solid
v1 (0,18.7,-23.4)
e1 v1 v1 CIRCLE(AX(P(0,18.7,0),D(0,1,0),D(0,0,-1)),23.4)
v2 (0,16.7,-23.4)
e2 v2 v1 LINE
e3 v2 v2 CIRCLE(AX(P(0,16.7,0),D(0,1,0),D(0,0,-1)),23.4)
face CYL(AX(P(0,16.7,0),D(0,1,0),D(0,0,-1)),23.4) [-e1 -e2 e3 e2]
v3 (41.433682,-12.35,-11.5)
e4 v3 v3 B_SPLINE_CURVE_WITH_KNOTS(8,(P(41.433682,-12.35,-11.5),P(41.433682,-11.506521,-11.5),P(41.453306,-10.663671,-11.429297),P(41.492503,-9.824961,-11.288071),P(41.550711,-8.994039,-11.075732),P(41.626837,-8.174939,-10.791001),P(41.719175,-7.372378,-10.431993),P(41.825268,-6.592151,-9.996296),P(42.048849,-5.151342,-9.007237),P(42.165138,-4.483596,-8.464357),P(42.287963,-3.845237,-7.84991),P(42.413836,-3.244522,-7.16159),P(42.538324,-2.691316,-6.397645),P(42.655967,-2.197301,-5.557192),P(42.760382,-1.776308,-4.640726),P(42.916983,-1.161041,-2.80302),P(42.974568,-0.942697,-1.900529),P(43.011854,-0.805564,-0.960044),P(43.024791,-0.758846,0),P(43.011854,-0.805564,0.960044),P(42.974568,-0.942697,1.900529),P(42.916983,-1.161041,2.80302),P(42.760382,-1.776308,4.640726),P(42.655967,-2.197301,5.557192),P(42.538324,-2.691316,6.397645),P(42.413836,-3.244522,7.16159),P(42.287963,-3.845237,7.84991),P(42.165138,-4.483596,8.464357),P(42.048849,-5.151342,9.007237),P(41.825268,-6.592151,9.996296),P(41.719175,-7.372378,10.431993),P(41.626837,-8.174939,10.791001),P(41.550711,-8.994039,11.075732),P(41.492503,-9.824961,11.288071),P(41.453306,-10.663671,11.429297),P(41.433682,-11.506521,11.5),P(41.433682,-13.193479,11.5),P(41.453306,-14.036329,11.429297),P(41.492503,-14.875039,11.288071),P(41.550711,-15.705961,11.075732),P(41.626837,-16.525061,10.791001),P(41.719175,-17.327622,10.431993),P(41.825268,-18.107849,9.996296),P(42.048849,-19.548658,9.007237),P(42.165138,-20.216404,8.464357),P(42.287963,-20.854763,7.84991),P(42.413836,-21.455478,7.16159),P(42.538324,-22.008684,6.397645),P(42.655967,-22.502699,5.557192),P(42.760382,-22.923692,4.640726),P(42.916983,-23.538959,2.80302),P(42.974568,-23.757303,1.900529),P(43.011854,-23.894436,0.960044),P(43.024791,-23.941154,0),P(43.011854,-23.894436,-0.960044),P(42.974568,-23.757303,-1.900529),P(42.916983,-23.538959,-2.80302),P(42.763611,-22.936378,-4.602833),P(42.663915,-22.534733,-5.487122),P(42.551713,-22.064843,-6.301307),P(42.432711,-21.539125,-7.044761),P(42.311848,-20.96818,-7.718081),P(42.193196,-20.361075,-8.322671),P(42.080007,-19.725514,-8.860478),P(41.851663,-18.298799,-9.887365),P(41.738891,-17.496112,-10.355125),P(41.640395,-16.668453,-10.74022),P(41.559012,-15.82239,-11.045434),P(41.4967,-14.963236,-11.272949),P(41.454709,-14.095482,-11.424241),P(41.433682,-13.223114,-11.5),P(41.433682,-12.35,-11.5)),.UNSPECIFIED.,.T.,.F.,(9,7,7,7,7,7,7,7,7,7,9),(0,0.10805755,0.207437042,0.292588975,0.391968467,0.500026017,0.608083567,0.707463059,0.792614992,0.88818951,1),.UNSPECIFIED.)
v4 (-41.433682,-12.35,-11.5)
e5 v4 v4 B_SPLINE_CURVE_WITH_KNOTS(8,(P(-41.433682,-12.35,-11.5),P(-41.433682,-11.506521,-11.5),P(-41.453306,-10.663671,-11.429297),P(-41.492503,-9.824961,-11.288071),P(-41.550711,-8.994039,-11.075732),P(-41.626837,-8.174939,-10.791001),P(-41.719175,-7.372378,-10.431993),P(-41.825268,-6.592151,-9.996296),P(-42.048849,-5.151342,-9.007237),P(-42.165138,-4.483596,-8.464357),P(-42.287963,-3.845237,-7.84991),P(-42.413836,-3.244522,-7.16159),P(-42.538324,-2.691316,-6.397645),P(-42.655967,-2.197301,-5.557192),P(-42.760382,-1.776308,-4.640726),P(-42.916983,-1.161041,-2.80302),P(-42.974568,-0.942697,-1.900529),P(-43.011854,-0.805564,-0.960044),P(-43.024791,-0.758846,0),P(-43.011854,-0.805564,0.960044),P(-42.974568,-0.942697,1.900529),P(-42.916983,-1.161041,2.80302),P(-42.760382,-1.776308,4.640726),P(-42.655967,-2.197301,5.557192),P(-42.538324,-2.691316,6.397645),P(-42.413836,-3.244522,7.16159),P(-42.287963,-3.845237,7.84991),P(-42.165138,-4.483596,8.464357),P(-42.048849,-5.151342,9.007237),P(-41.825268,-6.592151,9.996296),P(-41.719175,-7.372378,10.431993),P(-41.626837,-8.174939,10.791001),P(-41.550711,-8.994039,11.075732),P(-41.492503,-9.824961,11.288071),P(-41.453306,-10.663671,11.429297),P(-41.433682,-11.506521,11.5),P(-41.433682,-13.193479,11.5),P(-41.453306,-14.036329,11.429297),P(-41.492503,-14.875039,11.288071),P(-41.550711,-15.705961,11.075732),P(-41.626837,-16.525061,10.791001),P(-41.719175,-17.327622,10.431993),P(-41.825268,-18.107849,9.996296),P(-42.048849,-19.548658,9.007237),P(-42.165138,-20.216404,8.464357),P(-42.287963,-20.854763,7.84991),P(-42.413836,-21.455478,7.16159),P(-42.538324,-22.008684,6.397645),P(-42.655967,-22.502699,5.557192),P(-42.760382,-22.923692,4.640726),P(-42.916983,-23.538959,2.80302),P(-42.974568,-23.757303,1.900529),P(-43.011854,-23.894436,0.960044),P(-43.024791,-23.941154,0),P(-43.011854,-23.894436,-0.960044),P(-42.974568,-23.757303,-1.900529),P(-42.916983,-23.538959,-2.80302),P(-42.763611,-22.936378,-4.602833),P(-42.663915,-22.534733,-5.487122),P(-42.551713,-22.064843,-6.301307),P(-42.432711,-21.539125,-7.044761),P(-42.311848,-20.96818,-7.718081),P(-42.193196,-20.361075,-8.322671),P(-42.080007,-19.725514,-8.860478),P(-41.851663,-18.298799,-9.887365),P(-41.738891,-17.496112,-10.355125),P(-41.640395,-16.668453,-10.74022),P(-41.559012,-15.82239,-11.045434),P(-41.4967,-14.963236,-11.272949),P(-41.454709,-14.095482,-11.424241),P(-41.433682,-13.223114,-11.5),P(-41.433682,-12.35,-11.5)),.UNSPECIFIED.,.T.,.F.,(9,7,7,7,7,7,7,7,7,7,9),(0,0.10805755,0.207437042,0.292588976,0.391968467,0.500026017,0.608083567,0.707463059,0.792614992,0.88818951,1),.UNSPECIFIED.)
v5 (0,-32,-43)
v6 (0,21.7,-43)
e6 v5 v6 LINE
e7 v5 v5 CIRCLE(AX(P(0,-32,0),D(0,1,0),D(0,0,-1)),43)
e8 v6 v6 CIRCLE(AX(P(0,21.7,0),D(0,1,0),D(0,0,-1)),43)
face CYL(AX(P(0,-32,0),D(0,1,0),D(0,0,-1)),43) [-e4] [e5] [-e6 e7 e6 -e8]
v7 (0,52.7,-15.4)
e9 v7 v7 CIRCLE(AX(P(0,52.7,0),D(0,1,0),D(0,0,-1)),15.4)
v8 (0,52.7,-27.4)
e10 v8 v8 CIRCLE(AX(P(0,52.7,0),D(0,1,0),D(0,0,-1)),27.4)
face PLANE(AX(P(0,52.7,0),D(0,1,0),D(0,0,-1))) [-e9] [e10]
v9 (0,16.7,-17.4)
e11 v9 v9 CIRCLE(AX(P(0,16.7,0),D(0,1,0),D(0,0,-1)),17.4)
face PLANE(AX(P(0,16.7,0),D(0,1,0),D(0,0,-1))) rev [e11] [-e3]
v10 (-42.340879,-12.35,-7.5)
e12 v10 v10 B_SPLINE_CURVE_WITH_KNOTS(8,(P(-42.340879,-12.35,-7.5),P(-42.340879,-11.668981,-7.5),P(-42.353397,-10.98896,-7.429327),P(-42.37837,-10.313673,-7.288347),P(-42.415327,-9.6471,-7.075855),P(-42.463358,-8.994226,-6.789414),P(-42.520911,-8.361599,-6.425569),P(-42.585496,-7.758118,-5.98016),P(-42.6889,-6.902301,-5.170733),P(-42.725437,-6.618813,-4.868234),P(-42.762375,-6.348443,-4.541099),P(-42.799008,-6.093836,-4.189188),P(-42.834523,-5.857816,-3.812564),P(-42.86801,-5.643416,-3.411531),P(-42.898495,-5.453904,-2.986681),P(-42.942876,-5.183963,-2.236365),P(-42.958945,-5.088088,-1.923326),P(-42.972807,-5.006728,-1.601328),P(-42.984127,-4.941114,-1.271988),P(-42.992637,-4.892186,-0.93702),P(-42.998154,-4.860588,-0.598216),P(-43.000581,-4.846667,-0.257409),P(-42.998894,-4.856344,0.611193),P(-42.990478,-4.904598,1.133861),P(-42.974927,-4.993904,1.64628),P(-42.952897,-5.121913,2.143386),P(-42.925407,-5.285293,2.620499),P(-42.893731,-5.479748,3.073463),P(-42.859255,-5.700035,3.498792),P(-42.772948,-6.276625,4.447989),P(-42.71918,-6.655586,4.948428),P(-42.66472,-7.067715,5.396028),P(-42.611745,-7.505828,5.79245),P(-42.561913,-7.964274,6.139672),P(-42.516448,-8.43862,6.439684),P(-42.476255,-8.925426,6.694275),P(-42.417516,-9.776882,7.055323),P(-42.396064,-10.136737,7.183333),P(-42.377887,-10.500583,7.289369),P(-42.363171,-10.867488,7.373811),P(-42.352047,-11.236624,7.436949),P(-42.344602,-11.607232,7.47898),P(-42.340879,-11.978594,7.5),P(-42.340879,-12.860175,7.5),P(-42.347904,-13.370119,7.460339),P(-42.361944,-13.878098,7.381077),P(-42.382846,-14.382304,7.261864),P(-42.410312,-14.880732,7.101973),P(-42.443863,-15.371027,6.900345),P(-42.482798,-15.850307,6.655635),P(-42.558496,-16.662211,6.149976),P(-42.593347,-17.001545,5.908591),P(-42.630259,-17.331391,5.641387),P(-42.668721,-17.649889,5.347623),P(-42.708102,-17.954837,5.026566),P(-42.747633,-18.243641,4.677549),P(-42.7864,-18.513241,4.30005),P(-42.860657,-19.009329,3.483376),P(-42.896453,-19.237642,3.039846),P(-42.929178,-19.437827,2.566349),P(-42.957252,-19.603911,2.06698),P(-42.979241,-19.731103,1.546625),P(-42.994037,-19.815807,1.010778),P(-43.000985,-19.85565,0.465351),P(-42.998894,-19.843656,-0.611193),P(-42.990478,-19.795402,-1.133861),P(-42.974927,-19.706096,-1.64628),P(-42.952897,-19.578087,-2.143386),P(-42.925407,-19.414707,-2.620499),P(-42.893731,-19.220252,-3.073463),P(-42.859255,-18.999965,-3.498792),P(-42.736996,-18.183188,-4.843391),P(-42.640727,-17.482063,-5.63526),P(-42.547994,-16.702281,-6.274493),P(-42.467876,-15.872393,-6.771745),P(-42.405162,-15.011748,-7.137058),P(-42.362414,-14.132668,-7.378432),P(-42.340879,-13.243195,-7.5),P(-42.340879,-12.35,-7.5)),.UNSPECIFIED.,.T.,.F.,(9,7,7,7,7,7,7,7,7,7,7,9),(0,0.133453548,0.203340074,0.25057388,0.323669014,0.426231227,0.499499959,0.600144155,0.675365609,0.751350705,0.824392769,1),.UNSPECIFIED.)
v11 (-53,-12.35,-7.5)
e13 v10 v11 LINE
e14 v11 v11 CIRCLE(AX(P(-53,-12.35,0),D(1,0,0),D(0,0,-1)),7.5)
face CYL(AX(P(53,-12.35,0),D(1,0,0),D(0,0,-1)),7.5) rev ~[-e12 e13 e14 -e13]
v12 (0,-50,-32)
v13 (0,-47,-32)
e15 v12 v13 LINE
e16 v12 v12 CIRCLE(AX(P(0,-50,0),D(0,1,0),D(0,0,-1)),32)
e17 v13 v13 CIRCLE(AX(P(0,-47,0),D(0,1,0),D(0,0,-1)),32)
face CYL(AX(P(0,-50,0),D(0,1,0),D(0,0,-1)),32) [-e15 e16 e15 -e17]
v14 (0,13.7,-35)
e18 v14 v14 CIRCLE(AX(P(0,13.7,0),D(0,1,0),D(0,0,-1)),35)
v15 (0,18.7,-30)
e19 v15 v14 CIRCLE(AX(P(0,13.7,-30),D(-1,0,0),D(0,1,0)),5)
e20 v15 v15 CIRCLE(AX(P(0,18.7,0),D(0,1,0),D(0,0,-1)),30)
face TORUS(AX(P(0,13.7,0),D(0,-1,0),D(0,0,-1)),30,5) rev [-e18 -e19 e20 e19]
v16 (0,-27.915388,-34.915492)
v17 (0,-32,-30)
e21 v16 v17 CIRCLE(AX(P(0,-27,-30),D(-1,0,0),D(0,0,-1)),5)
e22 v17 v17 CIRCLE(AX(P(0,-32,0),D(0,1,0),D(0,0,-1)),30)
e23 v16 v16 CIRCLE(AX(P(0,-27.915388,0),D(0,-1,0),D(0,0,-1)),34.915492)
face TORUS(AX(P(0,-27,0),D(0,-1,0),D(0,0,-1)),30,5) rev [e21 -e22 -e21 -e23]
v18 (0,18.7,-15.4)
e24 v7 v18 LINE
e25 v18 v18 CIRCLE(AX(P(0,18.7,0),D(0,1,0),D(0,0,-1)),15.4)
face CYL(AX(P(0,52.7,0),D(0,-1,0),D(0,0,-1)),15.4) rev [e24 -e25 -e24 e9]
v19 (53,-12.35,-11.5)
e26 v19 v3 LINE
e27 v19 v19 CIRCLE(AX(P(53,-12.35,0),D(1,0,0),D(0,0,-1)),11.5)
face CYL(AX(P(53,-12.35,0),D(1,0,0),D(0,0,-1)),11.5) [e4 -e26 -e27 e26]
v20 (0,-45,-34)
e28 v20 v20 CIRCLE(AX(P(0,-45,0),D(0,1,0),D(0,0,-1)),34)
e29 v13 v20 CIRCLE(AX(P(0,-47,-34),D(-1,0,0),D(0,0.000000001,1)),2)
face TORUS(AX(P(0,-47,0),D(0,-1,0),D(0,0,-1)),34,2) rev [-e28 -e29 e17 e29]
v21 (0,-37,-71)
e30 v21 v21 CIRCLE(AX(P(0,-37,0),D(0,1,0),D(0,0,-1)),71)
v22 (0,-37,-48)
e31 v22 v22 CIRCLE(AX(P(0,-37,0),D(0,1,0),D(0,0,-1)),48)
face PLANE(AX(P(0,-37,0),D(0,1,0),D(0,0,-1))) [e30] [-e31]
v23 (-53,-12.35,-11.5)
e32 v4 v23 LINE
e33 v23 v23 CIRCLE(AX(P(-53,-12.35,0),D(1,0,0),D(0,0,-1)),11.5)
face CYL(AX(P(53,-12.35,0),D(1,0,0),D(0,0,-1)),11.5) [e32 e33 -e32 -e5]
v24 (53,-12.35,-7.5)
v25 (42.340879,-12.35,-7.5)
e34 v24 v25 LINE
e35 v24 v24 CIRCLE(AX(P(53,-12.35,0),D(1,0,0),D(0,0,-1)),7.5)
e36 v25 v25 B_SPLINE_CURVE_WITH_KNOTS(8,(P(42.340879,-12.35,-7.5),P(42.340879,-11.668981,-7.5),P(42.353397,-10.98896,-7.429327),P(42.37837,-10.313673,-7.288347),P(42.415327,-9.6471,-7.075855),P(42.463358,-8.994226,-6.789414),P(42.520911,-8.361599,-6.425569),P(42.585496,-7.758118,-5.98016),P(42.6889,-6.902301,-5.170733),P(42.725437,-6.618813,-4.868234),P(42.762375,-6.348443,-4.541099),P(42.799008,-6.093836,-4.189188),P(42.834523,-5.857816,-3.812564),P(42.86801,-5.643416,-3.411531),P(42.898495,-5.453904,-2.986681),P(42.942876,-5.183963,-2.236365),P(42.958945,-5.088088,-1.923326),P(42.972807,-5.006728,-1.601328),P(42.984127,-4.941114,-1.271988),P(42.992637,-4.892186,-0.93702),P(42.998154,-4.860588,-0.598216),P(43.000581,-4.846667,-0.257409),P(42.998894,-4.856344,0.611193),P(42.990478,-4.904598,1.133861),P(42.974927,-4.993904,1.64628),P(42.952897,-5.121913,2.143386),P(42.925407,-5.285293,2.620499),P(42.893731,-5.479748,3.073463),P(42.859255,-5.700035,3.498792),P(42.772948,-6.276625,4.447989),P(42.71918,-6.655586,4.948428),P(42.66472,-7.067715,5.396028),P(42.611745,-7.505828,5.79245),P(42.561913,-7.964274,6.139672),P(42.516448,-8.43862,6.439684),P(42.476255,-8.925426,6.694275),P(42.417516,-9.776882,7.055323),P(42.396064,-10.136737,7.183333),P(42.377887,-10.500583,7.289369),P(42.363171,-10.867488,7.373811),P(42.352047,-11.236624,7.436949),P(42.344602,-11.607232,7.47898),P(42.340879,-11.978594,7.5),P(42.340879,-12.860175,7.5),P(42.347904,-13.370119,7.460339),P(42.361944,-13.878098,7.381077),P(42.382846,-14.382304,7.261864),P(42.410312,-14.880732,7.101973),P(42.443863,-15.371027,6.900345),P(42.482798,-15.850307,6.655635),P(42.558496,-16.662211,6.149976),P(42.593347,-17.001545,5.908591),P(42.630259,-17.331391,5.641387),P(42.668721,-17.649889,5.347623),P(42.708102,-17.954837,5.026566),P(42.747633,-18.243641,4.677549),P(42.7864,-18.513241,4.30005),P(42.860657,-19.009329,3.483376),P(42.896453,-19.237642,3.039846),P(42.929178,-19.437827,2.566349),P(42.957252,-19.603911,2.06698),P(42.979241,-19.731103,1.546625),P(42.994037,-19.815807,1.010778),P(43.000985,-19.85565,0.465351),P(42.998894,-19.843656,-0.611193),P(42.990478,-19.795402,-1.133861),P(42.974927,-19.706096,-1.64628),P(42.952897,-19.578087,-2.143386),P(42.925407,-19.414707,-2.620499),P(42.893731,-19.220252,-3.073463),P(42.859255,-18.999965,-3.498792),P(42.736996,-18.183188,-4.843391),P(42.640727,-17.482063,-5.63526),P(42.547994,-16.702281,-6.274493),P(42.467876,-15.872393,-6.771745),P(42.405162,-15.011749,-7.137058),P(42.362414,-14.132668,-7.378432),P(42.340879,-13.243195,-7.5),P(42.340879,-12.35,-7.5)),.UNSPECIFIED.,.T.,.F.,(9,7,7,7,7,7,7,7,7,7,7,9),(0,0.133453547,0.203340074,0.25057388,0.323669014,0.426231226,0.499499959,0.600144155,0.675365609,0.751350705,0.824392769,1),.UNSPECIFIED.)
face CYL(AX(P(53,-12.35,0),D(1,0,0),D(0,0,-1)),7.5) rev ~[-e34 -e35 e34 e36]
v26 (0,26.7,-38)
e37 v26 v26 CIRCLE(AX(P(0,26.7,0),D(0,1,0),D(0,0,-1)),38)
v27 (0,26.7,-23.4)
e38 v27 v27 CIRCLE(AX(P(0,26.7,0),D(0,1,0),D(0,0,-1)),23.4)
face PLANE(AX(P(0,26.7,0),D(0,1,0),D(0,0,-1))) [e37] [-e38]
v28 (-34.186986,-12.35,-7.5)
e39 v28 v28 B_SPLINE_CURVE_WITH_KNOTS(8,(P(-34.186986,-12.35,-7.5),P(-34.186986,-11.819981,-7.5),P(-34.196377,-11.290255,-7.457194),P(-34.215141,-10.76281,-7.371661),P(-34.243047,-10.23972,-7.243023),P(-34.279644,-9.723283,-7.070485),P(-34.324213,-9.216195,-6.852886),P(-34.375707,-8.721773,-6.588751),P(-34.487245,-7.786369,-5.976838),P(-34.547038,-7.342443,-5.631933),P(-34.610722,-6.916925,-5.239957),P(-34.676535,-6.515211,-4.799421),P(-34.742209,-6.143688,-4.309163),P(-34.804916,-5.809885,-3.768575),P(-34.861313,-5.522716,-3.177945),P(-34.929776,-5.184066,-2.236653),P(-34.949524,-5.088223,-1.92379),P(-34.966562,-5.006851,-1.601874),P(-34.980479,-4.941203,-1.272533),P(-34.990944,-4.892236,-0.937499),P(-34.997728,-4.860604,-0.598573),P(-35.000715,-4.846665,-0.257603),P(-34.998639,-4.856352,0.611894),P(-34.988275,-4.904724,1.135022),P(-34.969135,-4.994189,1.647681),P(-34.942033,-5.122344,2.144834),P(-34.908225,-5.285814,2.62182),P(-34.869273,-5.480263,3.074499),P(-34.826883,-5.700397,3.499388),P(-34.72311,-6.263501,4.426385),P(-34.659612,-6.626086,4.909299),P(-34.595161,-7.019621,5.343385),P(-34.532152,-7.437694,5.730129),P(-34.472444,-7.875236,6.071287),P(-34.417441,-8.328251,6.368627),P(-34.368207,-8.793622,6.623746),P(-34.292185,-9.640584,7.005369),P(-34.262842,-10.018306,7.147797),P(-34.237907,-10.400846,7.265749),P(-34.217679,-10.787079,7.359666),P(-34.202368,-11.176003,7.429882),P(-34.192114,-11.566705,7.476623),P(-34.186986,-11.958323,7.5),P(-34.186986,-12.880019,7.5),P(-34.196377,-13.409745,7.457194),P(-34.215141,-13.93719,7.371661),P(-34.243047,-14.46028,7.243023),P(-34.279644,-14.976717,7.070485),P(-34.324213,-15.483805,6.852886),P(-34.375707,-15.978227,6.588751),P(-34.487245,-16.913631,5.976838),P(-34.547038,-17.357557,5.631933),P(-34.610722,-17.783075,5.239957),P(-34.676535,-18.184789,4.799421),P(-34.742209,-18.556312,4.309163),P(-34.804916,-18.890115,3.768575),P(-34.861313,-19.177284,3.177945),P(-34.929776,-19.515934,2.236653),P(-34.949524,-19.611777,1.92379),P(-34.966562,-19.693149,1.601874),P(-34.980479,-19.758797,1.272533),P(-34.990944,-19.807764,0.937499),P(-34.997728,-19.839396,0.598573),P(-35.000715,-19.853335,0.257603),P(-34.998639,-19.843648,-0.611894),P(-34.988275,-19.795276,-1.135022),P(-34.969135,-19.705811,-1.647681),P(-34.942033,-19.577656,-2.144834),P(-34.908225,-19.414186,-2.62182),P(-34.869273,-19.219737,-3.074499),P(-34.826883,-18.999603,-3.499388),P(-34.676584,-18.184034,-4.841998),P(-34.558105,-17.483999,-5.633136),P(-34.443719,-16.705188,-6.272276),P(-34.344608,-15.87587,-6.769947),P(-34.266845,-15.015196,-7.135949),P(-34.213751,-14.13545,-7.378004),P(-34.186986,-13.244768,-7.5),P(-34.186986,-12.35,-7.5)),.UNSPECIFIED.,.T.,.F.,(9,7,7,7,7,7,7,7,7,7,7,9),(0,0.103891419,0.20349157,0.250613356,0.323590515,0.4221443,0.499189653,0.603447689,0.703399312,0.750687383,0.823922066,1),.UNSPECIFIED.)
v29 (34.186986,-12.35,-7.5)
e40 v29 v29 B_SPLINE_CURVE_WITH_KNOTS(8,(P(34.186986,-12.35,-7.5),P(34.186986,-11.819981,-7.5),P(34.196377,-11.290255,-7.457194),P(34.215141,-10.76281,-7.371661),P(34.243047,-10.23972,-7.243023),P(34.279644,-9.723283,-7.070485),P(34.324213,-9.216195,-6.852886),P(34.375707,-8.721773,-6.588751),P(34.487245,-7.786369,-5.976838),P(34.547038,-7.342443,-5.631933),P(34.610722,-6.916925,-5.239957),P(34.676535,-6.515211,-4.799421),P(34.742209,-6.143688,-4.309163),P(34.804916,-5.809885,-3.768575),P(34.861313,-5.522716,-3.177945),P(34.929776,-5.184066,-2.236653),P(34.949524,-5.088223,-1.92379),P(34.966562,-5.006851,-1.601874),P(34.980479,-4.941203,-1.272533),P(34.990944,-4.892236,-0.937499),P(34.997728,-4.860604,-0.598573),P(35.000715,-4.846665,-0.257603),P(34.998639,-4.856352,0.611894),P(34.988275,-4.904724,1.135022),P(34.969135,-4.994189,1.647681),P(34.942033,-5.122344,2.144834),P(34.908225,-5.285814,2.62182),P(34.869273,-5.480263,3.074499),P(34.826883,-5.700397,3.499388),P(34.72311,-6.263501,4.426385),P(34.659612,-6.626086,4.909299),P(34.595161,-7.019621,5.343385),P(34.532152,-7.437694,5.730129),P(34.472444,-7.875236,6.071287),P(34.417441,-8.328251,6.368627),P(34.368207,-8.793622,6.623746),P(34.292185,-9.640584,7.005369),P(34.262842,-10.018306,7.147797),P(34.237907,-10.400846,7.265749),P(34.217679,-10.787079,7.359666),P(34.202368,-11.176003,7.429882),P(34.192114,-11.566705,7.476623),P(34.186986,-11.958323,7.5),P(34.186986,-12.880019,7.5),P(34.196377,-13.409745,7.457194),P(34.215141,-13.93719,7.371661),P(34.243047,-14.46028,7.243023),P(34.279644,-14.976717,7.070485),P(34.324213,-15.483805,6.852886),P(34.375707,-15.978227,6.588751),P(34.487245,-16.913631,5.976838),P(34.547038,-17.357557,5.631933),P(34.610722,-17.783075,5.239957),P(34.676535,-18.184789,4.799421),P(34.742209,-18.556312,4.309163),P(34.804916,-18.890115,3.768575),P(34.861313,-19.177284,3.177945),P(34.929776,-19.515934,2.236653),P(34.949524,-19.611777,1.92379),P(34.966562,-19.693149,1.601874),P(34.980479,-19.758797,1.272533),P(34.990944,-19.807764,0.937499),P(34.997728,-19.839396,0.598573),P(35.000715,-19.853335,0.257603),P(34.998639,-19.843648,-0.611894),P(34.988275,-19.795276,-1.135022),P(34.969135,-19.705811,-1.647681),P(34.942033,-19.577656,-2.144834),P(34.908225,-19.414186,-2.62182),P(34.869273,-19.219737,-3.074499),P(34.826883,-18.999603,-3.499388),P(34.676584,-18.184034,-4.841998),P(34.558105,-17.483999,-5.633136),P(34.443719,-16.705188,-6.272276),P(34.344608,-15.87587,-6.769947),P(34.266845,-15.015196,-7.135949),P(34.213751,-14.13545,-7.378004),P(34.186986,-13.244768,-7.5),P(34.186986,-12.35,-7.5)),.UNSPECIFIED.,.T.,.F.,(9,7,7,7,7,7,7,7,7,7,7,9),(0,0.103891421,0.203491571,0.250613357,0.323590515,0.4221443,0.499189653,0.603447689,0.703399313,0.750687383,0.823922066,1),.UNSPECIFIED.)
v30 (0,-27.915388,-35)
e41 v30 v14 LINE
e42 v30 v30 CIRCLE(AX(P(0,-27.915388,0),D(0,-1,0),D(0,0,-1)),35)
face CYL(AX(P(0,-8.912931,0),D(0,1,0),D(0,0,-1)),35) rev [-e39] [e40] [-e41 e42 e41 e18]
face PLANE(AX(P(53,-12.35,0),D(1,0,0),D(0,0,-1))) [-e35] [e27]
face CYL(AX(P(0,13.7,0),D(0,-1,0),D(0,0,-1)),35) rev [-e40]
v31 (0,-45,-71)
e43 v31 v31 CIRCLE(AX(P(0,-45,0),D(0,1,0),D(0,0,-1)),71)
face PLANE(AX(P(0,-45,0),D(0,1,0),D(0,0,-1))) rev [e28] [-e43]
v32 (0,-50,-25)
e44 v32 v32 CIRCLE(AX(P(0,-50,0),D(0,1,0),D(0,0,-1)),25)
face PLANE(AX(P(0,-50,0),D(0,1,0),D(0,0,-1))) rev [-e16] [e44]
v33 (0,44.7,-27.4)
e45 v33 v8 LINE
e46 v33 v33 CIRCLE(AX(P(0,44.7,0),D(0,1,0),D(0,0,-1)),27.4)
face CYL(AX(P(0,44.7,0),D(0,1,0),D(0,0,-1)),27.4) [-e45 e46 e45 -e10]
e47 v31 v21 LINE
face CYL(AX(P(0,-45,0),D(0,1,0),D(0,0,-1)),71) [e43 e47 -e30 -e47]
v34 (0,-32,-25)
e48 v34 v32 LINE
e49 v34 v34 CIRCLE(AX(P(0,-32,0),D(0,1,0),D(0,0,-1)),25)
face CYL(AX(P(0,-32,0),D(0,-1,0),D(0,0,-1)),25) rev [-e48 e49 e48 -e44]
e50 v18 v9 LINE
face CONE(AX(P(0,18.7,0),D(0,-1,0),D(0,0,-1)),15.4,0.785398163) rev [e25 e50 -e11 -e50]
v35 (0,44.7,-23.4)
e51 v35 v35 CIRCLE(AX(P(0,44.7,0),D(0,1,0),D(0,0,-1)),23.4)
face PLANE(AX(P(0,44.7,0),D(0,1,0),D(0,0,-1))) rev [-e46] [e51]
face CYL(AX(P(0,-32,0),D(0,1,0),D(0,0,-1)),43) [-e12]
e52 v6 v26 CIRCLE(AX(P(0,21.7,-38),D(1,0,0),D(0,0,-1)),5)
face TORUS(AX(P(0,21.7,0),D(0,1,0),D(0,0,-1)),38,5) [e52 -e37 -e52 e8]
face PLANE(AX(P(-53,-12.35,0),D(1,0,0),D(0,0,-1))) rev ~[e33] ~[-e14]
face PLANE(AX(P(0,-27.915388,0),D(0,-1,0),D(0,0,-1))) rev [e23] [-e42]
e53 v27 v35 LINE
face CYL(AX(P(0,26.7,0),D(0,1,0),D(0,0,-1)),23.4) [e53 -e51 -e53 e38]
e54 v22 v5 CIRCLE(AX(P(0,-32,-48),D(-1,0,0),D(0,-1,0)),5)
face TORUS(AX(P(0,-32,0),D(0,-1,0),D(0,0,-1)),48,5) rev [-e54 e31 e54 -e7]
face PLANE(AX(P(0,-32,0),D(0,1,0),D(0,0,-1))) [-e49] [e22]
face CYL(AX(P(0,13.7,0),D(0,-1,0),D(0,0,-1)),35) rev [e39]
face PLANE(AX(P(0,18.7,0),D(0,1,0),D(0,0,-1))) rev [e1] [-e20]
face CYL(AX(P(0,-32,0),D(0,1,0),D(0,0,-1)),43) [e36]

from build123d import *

# Parameters (mm, degrees)
CHAMFER1_SIZE       = 2
SKETCH2_R           = 11.5
SKETCH2_R_2         = 7.5
BOSS_EXTRUDE1_DEPTH = 106
SKETCH3_W           = 35
SKETCH3_H           = 38.00491486


with BuildPart() as part:
    # Sketch1 → Revolve1 (revolve)
    with BuildSketch(Plane.XY):
        with BuildLine():
            Line((15.4, 52.7), (15.4, 16.7))
            Line((15.4, 16.7), (23.4, 16.7))
            Line((23.4, 16.7), (23.4, 18.7))
            Line((23.4, 18.7), (30, 18.7))
            ThreePointArc((30, 18.7), (33.535533906, 17.235533906), (35, 13.7))
            Line((35, 13.7), (35, -27))
            ThreePointArc((35, -27), (33.535533906, -30.535533906), (30, -32))
            Line((30, -32), (25, -32))
            Line((25, -32), (25, -50))
            Line((25, -50), (32, -50))
            Line((32, -50), (32, -47))
            ThreePointArc((32, -47), (32.585786438, -45.585786438), (34, -45))
            Line((34, -45), (71, -45))
            Line((71, -45), (71, -37))
            Line((71, -37), (48, -37))
            ThreePointArc((48, -37), (44.464466094, -35.535533906), (43, -32))
            Line((43, -32), (43, 21.7))
            ThreePointArc((43, 21.7), (41.535533906, 25.235533906), (38, 26.7))
            Line((38, 26.7), (23.4, 26.7))
            Line((23.4, 26.7), (23.4, 44.7))
            Line((23.4, 44.7), (27.4, 44.7))
            Line((27.4, 44.7), (27.4, 52.7))
            Line((27.4, 52.7), (15.4, 52.7))
        make_face()
    revolve(axis=Axis((0, 0, 0), (0, 1, 0)))

    # Chamfer1
    chamfer1_edges = [part.edges().sort_by_distance(p)[0] for p in [
        (-15.4, 16.7, 0),
    ]]
    chamfer(chamfer1_edges, length=CHAMFER1_SIZE)

    # Sketch2 → Boss-Extrude1 (add)
    with BuildSketch(Plane(origin=(53, 0, 0), x_dir=(0, 0, -1), z_dir=(1, 0, 0))):
        with Locations((0, -12.35)):
            Circle(SKETCH2_R)
        with Locations((0, -12.35)):
            Circle(SKETCH2_R_2, mode=Mode.SUBTRACT)
    extrude(amount=-BOSS_EXTRUDE1_DEPTH)

    # Sketch3 → Cut-Revolve1 (revolve, cut)
    with BuildSketch(Plane(origin=(0, 0, 0), x_dir=(0, 0, -1), z_dir=(1, 0, 0))):
        with Locations((17.5, -8.912930595)):
            Rectangle(SKETCH3_W, SKETCH3_H)
    revolve(axis=Axis((0, 14.900275551, 0), (0, -1, 0)), mode=Mode.SUBTRACT)


solid = part.part
